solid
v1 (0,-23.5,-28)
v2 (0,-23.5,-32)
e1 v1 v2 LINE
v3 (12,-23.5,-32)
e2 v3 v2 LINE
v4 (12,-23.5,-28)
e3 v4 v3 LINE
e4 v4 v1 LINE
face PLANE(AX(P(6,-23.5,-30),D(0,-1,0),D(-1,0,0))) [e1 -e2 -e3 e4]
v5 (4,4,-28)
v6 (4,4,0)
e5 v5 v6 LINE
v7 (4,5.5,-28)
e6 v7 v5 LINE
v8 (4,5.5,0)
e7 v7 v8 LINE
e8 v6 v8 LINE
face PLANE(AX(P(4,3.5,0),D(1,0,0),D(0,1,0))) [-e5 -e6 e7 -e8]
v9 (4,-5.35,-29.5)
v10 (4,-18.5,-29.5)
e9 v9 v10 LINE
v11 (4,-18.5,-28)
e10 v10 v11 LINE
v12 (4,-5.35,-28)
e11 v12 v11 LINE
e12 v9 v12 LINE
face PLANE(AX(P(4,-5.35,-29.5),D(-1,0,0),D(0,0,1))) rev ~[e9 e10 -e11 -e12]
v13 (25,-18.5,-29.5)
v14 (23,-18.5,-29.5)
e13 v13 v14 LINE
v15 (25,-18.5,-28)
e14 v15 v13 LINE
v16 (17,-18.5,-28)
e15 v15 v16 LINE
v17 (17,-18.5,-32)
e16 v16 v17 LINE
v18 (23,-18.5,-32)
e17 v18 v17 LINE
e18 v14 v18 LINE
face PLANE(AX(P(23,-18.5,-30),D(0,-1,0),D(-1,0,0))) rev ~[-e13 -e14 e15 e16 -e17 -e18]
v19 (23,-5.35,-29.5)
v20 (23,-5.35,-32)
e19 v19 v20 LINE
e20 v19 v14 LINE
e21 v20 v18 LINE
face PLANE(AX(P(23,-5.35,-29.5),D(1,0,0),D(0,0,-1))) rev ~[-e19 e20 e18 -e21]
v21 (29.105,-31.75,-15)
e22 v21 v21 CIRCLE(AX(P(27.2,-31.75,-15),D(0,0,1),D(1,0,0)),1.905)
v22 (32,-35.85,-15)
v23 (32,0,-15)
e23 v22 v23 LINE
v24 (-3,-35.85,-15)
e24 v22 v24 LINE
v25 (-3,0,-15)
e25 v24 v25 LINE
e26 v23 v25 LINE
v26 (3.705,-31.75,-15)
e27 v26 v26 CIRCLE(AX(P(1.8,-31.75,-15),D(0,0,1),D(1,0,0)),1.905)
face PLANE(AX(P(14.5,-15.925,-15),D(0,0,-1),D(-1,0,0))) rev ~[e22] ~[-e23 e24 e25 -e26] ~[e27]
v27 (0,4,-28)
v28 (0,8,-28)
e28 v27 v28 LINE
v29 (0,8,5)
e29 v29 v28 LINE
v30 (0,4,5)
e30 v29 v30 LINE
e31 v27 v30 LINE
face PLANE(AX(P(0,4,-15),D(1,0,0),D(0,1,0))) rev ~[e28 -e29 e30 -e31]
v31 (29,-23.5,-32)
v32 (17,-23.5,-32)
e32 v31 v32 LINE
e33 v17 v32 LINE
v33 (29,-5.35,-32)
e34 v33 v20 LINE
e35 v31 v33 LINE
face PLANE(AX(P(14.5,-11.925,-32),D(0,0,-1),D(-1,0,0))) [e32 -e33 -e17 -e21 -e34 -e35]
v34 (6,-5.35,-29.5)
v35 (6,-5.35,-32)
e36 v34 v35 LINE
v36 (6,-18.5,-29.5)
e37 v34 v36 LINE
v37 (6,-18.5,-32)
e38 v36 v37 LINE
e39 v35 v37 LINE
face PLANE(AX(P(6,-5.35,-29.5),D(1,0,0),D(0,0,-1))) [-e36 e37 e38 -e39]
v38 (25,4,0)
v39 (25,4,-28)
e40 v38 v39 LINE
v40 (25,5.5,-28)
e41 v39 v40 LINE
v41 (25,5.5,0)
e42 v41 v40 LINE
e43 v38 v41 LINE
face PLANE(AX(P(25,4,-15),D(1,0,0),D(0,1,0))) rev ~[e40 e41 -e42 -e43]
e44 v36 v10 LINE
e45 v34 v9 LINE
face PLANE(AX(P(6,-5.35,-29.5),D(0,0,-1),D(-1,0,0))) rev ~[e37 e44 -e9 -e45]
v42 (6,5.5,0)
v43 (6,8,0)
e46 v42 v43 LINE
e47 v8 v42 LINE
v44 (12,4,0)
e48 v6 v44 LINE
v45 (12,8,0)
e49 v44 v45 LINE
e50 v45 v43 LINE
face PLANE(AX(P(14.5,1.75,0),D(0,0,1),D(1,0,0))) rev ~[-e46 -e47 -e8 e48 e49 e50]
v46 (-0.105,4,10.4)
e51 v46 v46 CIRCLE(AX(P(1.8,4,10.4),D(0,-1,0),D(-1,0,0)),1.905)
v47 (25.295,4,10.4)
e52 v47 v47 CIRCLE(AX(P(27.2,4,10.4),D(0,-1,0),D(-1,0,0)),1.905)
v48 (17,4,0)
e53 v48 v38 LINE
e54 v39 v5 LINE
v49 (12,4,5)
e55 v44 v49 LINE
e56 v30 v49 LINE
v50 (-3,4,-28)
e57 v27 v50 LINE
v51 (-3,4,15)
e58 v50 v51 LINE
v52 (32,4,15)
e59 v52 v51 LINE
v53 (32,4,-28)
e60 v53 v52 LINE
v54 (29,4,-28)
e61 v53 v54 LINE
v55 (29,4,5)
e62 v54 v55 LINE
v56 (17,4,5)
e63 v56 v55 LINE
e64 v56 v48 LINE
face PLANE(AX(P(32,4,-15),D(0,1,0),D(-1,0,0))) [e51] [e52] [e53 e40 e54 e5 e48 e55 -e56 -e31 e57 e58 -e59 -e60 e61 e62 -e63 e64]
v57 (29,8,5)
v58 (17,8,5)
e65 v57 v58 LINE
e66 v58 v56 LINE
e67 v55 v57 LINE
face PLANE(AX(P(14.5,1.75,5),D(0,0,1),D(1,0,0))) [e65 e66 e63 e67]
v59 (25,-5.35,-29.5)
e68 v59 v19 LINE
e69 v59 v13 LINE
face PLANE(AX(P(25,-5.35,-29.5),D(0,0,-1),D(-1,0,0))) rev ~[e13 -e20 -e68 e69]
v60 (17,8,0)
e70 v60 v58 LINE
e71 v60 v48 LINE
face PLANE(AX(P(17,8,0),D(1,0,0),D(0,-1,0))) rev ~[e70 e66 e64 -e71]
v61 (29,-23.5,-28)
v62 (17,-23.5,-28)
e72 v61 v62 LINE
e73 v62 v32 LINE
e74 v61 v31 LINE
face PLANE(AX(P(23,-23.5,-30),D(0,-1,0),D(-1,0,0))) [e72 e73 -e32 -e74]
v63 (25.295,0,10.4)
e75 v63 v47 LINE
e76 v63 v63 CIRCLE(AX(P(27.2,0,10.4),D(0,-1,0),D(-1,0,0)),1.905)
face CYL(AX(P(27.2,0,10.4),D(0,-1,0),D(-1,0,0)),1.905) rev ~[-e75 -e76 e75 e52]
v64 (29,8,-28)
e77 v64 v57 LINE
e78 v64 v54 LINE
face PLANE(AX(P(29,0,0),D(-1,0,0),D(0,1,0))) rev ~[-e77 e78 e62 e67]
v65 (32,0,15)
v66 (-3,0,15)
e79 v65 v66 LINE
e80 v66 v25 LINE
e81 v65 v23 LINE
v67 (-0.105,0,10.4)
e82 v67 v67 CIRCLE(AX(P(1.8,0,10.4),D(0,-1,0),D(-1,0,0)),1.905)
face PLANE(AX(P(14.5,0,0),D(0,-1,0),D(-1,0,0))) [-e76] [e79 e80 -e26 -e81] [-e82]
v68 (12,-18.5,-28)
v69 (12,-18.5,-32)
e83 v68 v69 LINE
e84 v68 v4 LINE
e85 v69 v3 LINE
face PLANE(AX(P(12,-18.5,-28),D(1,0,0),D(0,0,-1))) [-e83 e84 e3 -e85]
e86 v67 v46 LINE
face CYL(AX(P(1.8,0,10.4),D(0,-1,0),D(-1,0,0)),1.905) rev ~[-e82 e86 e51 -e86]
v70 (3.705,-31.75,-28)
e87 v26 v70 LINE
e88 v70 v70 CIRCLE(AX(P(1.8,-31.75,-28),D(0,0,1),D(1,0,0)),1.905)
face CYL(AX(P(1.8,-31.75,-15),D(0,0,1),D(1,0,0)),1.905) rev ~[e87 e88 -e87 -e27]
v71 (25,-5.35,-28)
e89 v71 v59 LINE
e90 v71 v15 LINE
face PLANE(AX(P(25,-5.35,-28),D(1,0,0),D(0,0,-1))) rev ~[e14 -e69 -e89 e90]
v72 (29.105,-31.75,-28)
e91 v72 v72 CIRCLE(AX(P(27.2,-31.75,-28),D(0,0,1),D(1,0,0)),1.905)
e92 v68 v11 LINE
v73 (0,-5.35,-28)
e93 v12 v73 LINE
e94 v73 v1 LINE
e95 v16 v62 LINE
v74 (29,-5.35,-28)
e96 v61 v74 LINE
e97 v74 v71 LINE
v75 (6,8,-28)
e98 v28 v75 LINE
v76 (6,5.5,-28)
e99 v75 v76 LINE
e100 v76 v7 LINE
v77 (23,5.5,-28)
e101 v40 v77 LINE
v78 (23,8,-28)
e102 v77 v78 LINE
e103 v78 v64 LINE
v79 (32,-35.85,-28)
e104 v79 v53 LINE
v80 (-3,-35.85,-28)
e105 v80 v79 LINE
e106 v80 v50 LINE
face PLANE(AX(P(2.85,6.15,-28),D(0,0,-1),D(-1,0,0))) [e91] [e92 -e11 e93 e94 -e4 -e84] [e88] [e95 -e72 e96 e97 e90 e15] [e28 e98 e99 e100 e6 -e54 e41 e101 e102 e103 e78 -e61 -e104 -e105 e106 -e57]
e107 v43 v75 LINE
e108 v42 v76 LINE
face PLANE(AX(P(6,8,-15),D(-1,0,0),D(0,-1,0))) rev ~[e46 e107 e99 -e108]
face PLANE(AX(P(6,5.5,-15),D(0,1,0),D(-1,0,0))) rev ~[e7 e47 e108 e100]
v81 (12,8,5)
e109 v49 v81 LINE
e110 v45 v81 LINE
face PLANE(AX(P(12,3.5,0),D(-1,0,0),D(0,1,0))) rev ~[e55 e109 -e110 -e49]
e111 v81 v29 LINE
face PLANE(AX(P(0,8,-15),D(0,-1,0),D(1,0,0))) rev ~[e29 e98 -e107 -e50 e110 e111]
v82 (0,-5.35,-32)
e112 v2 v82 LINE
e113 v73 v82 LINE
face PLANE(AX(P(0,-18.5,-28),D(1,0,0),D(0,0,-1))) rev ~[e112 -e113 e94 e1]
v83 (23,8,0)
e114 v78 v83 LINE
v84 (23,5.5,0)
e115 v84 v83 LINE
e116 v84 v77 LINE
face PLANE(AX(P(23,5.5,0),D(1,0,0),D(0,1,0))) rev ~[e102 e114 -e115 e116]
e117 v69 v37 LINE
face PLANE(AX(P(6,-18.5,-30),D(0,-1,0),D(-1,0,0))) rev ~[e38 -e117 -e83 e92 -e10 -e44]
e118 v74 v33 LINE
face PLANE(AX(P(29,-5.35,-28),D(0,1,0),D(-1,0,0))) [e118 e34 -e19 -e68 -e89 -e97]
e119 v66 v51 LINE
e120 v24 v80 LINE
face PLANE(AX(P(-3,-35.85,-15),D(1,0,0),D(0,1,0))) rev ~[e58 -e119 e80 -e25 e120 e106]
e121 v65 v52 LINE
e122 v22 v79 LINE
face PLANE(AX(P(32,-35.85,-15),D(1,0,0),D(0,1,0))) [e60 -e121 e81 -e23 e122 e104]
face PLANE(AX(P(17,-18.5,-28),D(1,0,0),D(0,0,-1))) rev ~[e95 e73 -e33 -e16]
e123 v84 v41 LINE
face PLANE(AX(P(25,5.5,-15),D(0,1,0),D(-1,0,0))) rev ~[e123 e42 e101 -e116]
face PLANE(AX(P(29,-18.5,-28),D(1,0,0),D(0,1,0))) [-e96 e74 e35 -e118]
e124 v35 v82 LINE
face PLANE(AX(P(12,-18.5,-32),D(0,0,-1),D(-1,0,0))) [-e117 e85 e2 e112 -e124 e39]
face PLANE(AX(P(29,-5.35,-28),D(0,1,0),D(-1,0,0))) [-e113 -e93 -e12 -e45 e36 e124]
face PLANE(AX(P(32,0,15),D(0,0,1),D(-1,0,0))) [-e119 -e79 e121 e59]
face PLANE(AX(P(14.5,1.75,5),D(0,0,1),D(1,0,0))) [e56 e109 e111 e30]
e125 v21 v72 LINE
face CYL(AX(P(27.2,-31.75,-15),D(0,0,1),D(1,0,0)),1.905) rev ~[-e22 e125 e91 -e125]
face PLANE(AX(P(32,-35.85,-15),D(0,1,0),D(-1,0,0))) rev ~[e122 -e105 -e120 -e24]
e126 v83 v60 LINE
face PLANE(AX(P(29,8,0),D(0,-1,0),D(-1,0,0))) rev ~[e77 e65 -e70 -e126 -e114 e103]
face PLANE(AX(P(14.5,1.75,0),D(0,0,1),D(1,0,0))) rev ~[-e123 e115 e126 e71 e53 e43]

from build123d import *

# Parameters (mm, degrees)
SKETCH1_W               = 29
SKETCH1_H               = 15
BOSS_EXTRUDE1_DEPTH     = 8
SKETCH2_W               = 17
SKETCH2_H               = 2.5
SKETCH2_W_2             = 21
SKETCH2_H_2             = 2
CUT_EXTRUDE1_DEPTH      = 1
CUT_EXTRUDE1_DEPTH_BACK = 16
SKETCH4_W               = 5
SKETCH4_H               = 3.5
BOSS_EXTRUDE2_DEPTH     = 5
SKETCH5_W               = 35
SKETCH5_H               = 30
BOSS_EXTRUDE3_DEPTH     = 4
SKETCH6_R               = 1.905
CUT_EXTRUDE2_DEPTH      = 1
CUT_EXTRUDE2_DEPTH_BACK = 9
SKETCH9_W               = 35
SKETCH9_H               = 39.85
BOSS_EXTRUDE4_DEPTH     = 13
SKETCH10_R              = 1.905
CUT_EXTRUDE4_DEPTH      = 13
SKETCH11_W              = 29
SKETCH11_H              = 13.15
BOSS_EXTRUDE5_DEPTH     = 4
SKETCH12_W              = 17
SKETCH12_H              = 2.5
CUT_EXTRUDE5_DEPTH      = 31.5
SKETCH13_W              = 12
SKETCH13_H              = 4
BOSS_EXTRUDE6_DEPTH     = 5
BOSS_EXTRUDE7_DEPTH     = 13


with BuildPart() as part:
    # Sketch1 → Boss-Extrude1 (new body)
    with BuildSketch(Plane(origin=(0, 0, 0), x_dir=(1, 0, 0), z_dir=(0, 1, 0))):
        with Locations((14.5, 7.5)):
            Rectangle(SKETCH1_W, SKETCH1_H)
    extrude(amount=BOSS_EXTRUDE1_DEPTH)

    # Sketch2 → Cut-Extrude1 (cut, two sides)
    with BuildSketch(Plane.XY) as cut_extrude1_sk:
        with Locations((14.5, 6.75)):
            Rectangle(SKETCH2_W, SKETCH2_H)
        with Locations((14.5, 4.5)):
            Rectangle(SKETCH2_W_2, SKETCH2_H_2)
    extrude(amount=CUT_EXTRUDE1_DEPTH, mode=Mode.SUBTRACT)
    extrude(cut_extrude1_sk.sketch, amount=-CUT_EXTRUDE1_DEPTH_BACK, mode=Mode.SUBTRACT)

    # Sketch4 → Boss-Extrude2 (add)
    with BuildSketch(Plane.XY):
        with Locations((14.5, 1.75)):
            Rectangle(SKETCH4_W, SKETCH4_H)
        Polygon((17, 3.5), (17, 0), (29, 0), (29, 8), (23, 8), (23, 5.5), (25, 5.5), (25, 3.5), align=None)
        Polygon((6, 8), (0, 8), (0, 0), (12, 0), (12, 3.5), (4, 3.5), (4, 5.5), (6, 5.5), align=None)
        Polygon((12, 8), (6, 8), (6, 5.5), (4, 5.5), (4, 3.5), (12, 3.5), align=None)
        Polygon((23, 8), (17, 8), (17, 3.5), (25, 3.5), (25, 5.5), (23, 5.5), align=None)
    extrude(amount=BOSS_EXTRUDE2_DEPTH)

    # Sketch5 → Boss-Extrude3 (add)
    with BuildSketch(Plane(origin=(0, 0, 0), x_dir=(-1, 0, 0), z_dir=(0, -1, 0))):
        with Locations((-14.5, 0)):
            Rectangle(SKETCH5_W, SKETCH5_H)
    extrude(amount=-BOSS_EXTRUDE3_DEPTH)

    # Sketch6 → Cut-Extrude2 (cut, two sides)
    with BuildSketch(Plane(origin=(0, 0, 0), x_dir=(-1, 0, 0), z_dir=(0, -1, 0))) as cut_extrude2_sk:
        with Locations((-27.2, -10.4)):
            Circle(SKETCH6_R)
        with Locations((-1.8, -10.4)):
            Circle(SKETCH6_R)
    extrude(amount=CUT_EXTRUDE2_DEPTH, mode=Mode.SUBTRACT)
    extrude(cut_extrude2_sk.sketch, amount=-CUT_EXTRUDE2_DEPTH_BACK, mode=Mode.SUBTRACT)

    # Sketch9 → Boss-Extrude4 (add)
    with BuildSketch(Plane(origin=(0, 0, -15), x_dir=(-1, 0, 0), z_dir=(0, 0, -1))):
        with Locations((-14.5, -15.925)):
            Rectangle(SKETCH9_W, SKETCH9_H)
    extrude(amount=BOSS_EXTRUDE4_DEPTH)

    # Sketch10 → Cut-Extrude4 (cut)
    with BuildSketch(Plane.XY.offset(-15)):
        with Locations((1.8, -31.75)):
            Circle(SKETCH10_R)
        with Locations((27.2, -31.75)):
            Circle(SKETCH10_R)
    extrude(amount=-CUT_EXTRUDE4_DEPTH, mode=Mode.SUBTRACT)

    # Sketch11 → Boss-Extrude5 (add)
    with BuildSketch(Plane(origin=(0, 0, -28), x_dir=(-1, 0, 0), z_dir=(0, 0, -1))):
        with Locations((-14.5, -11.925)):
            Rectangle(SKETCH11_W, SKETCH11_H)
    extrude(amount=BOSS_EXTRUDE5_DEPTH)

    # Sketch12 → Cut-Extrude5 (cut, through all)
    with BuildSketch(Plane(origin=(0, -5.35, 0), x_dir=(1, 0, 0), z_dir=(0, 1, 0))):
        Polygon((4, 29.5), (4, 28), (25, 28), (25, 29.5), (23, 29.5), (6, 29.5), align=None)
        with Locations((14.5, 30.75)):
            Rectangle(SKETCH12_W, SKETCH12_H)
    extrude(amount=-CUT_EXTRUDE5_DEPTH, mode=Mode.SUBTRACT)

    # Sketch13 → Boss-Extrude6 (add)
    with BuildSketch(Plane(origin=(0, -18.5, 0), x_dir=(-1, 0, 0), z_dir=(0, -1, 0))):
        with Locations((-6, 30)):
            Rectangle(SKETCH13_W, SKETCH13_H)
        with Locations((-23, 30)):
            Rectangle(SKETCH13_W, SKETCH13_H)
    extrude(amount=BOSS_EXTRUDE6_DEPTH)

    # Sketch14 → Boss-Extrude7 (add)
    with BuildSketch(Plane(origin=(0, 0, -15), x_dir=(-1, 0, 0), z_dir=(0, 0, -1))):
        Polygon((0, 4), (0, 8), (-6, 8), (-6, 5.5), (-4, 5.5), (-4, 4), align=None)
        Polygon((-23, 5.5), (-23, 8), (-29, 8), (-29, 4), (-25, 4), (-25, 5.5), align=None)
    extrude(amount=BOSS_EXTRUDE7_DEPTH)


solid = part.part
